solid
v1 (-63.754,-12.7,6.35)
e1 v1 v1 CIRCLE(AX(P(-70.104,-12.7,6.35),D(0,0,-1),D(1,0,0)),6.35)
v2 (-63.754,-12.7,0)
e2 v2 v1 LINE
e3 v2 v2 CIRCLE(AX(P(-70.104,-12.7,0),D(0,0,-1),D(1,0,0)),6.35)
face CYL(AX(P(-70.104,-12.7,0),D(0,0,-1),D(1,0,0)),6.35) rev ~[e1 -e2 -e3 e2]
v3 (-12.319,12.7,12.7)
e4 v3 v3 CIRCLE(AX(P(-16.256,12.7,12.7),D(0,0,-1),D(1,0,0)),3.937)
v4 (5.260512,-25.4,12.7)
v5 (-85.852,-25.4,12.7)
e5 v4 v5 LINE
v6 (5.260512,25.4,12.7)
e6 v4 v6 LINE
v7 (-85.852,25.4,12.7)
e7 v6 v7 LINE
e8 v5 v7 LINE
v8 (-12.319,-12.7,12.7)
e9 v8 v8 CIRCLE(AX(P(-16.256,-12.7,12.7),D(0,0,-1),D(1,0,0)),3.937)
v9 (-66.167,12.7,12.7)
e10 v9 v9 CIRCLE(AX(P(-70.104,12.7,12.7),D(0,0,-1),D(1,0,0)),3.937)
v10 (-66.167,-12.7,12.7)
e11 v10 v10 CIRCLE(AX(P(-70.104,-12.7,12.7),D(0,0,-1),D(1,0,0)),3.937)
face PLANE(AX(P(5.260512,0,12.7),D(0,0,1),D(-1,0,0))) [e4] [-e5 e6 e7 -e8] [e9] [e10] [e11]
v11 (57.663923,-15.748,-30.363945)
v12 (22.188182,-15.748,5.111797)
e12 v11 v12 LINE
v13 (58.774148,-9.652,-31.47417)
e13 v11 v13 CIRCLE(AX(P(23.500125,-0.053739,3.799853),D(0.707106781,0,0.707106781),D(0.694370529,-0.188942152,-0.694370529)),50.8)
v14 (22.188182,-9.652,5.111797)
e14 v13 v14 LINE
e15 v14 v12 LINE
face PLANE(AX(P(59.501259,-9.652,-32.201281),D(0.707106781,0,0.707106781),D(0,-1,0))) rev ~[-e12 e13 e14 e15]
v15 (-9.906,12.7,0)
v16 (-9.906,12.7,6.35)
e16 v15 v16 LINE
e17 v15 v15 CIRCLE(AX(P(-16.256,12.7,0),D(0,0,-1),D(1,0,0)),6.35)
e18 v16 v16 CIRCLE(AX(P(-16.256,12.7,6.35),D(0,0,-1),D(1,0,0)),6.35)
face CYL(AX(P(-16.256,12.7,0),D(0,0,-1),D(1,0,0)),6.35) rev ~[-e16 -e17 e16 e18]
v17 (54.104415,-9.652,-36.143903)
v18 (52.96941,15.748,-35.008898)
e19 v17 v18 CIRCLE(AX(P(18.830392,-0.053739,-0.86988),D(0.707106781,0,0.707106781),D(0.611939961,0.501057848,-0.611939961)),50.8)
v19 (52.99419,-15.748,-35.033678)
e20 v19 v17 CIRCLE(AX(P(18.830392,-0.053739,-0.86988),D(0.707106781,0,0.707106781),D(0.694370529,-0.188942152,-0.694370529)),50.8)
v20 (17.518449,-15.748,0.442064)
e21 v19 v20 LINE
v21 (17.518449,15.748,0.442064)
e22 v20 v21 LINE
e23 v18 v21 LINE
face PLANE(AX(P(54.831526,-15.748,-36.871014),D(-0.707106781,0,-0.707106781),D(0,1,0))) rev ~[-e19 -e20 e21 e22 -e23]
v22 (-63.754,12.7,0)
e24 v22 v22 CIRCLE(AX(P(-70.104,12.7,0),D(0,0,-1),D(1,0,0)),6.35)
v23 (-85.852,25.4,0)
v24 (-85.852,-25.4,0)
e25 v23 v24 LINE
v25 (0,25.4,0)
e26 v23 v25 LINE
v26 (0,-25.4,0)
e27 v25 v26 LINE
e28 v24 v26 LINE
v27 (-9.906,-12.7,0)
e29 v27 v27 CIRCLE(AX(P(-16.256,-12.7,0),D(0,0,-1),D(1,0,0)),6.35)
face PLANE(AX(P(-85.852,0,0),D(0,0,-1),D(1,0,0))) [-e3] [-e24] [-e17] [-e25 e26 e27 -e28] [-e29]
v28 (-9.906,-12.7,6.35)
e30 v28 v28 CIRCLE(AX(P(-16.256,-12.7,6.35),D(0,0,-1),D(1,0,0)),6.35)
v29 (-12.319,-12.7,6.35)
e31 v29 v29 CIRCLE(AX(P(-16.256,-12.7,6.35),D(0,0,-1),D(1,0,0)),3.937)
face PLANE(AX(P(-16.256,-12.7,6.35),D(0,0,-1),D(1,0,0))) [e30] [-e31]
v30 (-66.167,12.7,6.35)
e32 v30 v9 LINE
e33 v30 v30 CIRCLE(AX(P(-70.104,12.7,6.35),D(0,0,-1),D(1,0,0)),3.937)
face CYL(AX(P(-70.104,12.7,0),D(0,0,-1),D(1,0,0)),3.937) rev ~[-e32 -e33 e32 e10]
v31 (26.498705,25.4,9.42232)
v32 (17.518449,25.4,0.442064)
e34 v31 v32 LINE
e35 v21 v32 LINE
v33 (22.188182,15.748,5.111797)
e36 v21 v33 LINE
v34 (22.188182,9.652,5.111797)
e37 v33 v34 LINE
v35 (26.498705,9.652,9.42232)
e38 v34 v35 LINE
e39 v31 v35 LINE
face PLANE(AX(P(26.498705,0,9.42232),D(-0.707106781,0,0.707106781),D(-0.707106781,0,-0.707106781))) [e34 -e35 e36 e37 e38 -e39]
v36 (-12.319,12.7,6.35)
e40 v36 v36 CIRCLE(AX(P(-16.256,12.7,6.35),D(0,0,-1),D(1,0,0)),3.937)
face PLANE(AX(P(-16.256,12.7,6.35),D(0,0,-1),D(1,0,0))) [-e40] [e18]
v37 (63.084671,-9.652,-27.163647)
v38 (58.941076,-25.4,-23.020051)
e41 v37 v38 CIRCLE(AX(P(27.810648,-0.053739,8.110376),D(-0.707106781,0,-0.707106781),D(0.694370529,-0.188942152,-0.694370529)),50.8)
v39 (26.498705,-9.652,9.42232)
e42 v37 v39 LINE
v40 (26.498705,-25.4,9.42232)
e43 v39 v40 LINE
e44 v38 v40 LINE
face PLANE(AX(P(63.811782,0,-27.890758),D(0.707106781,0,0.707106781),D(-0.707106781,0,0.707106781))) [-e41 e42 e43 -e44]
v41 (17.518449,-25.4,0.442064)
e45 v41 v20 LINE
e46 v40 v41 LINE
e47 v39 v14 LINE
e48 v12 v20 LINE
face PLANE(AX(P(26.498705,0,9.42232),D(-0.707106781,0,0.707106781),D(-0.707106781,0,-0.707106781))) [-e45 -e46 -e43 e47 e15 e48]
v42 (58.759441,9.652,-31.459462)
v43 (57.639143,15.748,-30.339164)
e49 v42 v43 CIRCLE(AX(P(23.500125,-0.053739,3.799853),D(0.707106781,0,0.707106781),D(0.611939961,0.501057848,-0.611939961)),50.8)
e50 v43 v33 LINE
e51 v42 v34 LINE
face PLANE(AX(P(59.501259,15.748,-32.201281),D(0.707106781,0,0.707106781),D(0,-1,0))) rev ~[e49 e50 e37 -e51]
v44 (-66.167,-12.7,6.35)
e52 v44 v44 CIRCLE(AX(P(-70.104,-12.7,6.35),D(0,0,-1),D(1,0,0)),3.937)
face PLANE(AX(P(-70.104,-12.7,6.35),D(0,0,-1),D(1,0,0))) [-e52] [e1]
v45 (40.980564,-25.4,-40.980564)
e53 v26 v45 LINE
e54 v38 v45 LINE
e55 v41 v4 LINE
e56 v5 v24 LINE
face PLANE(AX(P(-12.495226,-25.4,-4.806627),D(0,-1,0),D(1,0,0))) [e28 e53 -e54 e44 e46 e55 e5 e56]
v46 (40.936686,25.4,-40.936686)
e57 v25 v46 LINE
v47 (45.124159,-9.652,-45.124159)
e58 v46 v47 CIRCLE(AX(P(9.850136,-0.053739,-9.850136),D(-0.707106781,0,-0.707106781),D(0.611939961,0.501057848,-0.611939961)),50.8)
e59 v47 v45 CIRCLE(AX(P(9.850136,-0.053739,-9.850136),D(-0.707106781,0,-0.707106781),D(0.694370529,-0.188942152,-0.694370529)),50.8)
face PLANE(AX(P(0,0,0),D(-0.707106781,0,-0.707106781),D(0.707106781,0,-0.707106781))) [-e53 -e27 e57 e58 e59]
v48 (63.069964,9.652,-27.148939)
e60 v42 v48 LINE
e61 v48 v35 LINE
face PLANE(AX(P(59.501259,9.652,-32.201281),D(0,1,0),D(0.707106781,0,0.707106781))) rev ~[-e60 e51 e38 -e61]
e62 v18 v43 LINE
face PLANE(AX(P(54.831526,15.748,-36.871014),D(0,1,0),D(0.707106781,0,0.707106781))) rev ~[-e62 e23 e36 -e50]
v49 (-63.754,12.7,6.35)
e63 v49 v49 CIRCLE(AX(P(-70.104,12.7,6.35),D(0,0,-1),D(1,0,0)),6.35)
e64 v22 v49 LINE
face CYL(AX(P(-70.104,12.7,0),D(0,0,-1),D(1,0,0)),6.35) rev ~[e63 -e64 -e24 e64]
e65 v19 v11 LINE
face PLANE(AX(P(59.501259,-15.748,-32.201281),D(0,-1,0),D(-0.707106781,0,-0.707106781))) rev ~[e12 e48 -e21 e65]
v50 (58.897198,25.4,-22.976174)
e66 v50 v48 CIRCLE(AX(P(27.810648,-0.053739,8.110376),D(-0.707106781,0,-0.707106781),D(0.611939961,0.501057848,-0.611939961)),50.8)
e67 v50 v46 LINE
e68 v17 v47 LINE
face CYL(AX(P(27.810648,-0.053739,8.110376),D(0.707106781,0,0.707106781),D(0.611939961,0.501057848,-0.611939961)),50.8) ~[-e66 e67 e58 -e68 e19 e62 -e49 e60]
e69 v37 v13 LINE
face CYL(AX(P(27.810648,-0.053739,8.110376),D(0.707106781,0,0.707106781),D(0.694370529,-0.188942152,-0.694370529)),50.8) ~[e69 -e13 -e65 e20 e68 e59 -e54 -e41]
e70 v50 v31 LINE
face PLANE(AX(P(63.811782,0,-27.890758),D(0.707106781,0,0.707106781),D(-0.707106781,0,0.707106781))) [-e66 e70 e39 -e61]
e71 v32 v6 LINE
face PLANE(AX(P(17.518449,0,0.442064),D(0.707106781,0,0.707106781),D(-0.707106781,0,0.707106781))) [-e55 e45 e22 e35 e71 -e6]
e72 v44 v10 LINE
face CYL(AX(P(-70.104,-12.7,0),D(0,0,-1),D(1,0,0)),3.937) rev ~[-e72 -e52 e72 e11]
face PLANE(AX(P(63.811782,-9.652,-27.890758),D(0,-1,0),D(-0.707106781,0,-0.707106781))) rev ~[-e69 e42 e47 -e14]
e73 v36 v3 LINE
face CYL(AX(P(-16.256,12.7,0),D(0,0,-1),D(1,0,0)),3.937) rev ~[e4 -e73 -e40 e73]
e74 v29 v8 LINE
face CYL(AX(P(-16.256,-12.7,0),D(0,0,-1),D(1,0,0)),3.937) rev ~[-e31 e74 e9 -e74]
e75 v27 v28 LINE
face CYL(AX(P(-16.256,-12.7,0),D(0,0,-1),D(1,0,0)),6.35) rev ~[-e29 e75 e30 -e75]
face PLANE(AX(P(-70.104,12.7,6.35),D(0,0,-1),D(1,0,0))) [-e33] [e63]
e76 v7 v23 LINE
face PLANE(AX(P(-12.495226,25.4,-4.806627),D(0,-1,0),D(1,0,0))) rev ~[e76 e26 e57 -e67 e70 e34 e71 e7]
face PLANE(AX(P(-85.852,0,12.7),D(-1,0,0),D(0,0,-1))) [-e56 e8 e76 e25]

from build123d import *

# Parameters (mm, degrees)
F1_DEPTH = 25.4
F2_R     = 6.35
F3_DEPTH = 6.35
F4_R     = 3.937
F5_DEPTH = 25.4
F7_DEPTH = 52.7686600304
F9_DEPTH = 25.4


with BuildPart() as f1:
    # F0 (on Front) → F1 (new body, symmetric)
    with BuildSketch(Plane.XZ):
        Polygon((-85.852, 12.7), (-85.852, 0), (0, 0), (45.8512699094, -45.8512699094), (54.8315260304, -36.8710137883), (17.5184486888, 0.4420635534), (5.2605122421, 12.7), align=None)
        Polygon((26.4987048099, 9.4223196744), (17.5184486888, 0.4420635534), (54.8315260304, -36.8710137883), (63.8117821515, -27.8907576672), align=None)
    extrude(amount=F1_DEPTH, both=True)

    # F2 (on face) → F3 (cut)
    with BuildSketch(Plane(origin=(0, 0, 0), x_dir=(1, 0, 0), z_dir=(0, 0, -1))):
        with Locations((-70.104, 12.7)):
            Circle(F2_R)
        with Locations((-16.256, 12.7)):
            Circle(F2_R)
        with Locations((-16.256, -12.7)):
            Circle(F2_R)
        with Locations((-70.104, -12.7)):
            Circle(F2_R)
    extrude(amount=-F3_DEPTH, mode=Mode.SUBTRACT)

    # F4 (on face) → F5 (cut)
    with BuildSketch(Plane(origin=(0, 0, 0), x_dir=(1, 0, 0), z_dir=(0, 0, -1))):
        with Locations((-16.256, -12.7)):
            Circle(F4_R)
        with Locations((-16.256, 12.7)):
            Circle(F4_R)
        with Locations((-70.104, 12.7)):
            Circle(F4_R)
        with Locations((-70.104, -12.7)):
            Circle(F4_R)
    extrude(amount=-F5_DEPTH, mode=Mode.SUBTRACT)

    # F6 (on face) → F7 (cut, through all)
    with BuildSketch(Plane(origin=(45.8512699094, 0, -45.8512699094), x_dir=(0, 1, 0), z_dir=(0.7071067812, 0, -0.7071067812))):
        Polygon((9.652, 25.4), (-9.652, 25.4), (-9.652, 19.304), (-15.748, 19.304), (-15.748, 12.7), (15.748, 12.7), (15.748, 19.304), (9.652, 19.304), align=None)
    extrude(amount=-F7_DEPTH, mode=Mode.SUBTRACT)

    # F8 (on face) → F9 (cut, through all)
    with BuildSketch(Plane(origin=(17.9605122421, 0, 17.9605122421), x_dir=(0, 1, 0), z_dir=(0.7071067812, 0, 0.7071067812))):
        with BuildLine():
            ThreePointArc((-9.652, -63.8151974917), (-17.7699630745, -61.5408606446), (-25.4, -57.9552687705))
            Line((-25.4, -57.9552687705), (-25.4, -64.8434877579))
            Line((-25.4, -64.8434877579), (-9.652, -64.8434877579))
            Line((-9.652, -64.8434877579), (-9.652, -63.8151974917))
        make_face()
        with BuildLine():
            ThreePointArc((25.4, -57.89321661), (8.408914861, -64.0203496104), (-9.652, -63.8151974917))
            Line((-9.652, -63.8151974917), (-9.652, -64.8434877579))
            Line((-9.652, -64.8434877579), (1.0093030718, -64.8434877579))
            Line((1.0093030718, -64.8434877579), (25.4, -64.8434877579))
            Line((25.4, -64.8434877579), (25.4, -57.89321661))
        make_face()
    extrude(amount=-F9_DEPTH, mode=Mode.SUBTRACT)


solid = f1.part
